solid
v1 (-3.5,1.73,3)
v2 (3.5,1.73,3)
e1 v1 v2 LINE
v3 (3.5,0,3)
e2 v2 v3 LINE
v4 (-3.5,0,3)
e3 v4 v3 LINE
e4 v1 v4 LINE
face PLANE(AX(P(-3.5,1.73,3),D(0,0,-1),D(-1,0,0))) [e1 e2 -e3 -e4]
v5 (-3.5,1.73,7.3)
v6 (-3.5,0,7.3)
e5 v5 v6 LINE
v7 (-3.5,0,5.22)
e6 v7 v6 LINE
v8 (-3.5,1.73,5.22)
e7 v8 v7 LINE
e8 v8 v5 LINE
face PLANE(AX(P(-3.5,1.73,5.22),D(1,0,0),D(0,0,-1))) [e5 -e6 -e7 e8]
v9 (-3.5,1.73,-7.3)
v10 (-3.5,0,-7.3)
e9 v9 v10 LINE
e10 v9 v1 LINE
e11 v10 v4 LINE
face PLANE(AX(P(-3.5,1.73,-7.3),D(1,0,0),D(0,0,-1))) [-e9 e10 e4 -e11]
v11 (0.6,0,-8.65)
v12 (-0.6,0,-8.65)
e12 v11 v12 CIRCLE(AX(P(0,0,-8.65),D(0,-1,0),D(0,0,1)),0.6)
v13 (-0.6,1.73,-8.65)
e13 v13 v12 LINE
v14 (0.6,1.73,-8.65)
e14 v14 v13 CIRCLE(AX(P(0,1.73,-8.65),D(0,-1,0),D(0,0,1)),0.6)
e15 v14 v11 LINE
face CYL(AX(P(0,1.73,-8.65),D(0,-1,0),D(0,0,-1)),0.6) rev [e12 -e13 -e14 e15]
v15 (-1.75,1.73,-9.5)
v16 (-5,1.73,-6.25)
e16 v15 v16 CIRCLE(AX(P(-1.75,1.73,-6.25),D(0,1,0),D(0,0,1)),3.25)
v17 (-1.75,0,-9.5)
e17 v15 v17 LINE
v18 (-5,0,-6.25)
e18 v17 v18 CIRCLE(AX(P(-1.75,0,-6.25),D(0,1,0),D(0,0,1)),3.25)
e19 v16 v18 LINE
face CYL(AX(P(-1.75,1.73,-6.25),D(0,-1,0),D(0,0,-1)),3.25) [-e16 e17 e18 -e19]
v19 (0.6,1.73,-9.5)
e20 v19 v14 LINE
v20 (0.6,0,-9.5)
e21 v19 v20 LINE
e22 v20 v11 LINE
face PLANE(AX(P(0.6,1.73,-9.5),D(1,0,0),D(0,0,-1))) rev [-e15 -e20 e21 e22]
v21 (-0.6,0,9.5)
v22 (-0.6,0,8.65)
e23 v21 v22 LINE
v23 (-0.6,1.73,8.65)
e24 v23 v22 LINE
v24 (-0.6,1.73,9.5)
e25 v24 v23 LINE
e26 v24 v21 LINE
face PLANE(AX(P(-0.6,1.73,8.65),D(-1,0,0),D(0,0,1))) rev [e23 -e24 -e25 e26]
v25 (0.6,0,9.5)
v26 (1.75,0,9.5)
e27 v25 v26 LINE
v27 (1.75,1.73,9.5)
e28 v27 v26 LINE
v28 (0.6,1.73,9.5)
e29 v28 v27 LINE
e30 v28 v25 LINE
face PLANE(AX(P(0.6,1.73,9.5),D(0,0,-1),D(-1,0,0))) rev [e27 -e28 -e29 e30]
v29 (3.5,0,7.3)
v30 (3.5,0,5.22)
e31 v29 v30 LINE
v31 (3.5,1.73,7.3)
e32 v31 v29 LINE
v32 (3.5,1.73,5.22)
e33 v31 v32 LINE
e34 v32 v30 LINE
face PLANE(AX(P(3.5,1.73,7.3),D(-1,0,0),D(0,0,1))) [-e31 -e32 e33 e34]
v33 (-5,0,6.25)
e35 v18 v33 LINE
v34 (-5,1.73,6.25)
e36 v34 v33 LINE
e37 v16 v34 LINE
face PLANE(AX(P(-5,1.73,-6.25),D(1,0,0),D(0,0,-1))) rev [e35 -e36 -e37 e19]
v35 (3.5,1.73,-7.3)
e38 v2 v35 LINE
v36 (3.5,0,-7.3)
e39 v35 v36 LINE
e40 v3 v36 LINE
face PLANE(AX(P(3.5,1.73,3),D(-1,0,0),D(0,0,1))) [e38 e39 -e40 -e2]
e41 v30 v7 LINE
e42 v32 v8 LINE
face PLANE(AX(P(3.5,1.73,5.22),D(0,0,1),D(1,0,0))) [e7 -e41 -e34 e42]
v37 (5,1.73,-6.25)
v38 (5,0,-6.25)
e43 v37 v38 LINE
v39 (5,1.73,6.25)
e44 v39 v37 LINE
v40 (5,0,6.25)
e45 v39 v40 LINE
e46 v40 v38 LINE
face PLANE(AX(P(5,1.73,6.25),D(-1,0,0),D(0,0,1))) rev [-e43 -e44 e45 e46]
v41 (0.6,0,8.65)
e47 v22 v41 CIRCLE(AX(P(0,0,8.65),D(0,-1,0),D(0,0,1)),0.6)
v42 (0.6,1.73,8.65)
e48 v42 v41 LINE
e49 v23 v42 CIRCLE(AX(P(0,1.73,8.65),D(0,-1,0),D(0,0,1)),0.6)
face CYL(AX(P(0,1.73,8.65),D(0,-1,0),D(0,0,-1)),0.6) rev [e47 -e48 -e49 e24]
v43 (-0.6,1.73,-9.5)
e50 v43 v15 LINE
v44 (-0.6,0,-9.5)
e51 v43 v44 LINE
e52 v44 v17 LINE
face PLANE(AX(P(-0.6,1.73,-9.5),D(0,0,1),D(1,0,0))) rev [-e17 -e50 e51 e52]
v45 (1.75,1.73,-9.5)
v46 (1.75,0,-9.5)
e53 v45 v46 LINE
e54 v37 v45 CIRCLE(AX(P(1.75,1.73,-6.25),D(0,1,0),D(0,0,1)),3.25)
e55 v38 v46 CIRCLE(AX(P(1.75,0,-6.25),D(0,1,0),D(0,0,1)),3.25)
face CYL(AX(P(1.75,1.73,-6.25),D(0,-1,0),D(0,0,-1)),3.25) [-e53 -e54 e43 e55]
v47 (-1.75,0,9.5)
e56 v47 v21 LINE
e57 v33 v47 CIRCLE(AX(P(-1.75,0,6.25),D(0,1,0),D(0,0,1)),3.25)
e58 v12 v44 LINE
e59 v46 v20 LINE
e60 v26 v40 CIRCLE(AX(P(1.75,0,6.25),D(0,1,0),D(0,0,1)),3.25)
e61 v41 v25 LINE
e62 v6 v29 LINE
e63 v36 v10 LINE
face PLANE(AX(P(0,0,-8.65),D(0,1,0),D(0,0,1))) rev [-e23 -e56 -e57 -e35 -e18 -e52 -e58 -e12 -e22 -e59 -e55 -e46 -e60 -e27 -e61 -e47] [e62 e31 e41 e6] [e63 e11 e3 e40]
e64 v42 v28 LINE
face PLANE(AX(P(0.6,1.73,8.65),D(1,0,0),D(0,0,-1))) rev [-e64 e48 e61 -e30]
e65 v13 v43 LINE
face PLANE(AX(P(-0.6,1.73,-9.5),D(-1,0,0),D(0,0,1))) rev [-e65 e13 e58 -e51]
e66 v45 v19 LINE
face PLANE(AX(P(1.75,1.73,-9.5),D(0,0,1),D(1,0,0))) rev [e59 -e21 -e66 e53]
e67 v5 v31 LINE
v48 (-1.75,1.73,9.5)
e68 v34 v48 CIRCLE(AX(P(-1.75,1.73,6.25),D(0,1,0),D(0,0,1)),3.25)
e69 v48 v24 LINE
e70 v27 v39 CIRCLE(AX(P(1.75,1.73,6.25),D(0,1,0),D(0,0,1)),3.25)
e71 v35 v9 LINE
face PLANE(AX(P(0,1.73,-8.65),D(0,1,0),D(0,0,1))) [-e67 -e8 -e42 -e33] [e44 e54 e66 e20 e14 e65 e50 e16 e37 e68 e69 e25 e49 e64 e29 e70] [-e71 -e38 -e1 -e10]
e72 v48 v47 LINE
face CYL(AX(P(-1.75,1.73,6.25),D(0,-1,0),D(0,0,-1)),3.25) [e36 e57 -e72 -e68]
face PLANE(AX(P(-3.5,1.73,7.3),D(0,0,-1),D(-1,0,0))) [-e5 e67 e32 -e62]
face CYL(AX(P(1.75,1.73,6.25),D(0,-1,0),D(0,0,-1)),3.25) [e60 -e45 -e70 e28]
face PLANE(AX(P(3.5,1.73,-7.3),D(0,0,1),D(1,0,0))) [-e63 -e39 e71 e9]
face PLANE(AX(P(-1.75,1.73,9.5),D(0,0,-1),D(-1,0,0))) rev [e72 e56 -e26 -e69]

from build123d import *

# Parameters (mm, degrees)
SKETCH2_W           = 7
SKETCH2_H           = 10.3
SKETCH2_H_2         = 2.08
BOSS_EXTRUDE1_DEPTH = 1.73


with BuildPart() as part:
    # Sketch2 → Boss-Extrude1 (new body)
    with BuildSketch(Plane(origin=(0, 0, 0), x_dir=(1, 0, 0), z_dir=(0, 1, 0))):
        with BuildLine():
            Line((-0.6, 9.5), (-1.75, 9.5))
            ThreePointArc((-1.75, 9.5), (-4.048097039, 8.548097039), (-5, 6.25))
            Line((-5, 6.25), (-5, -6.25))
            ThreePointArc((-5, -6.25), (-4.048097039, -8.548097039), (-1.75, -9.5))
            Line((-1.75, -9.5), (-0.6, -9.5))
            Line((-0.6, -9.5), (-0.6, -8.65))
            ThreePointArc((-0.6, -8.65), (0, -8.05), (0.6, -8.65))
            Line((0.6, -8.65), (0.6, -9.5))
            Line((0.6, -9.5), (1.75, -9.5))
            ThreePointArc((1.75, -9.5), (4.048097039, -8.548097039), (5, -6.25))
            Line((5, -6.25), (5, 6.25))
            ThreePointArc((5, 6.25), (4.048097039, 8.548097039), (1.75, 9.5))
            Line((1.75, 9.5), (0.6, 9.5))
            Line((0.6, 9.5), (0.6, 8.65))
            ThreePointArc((0.6, 8.65), (0, 8.05), (-0.6, 8.65))
            Line((-0.6, 8.65), (-0.6, 9.5))
        make_face()
        with Locations((0, 2.15)):
            Rectangle(SKETCH2_W, SKETCH2_H, mode=Mode.SUBTRACT)
        with Locations((0, -6.26)):
            Rectangle(SKETCH2_W, SKETCH2_H_2, mode=Mode.SUBTRACT)
    extrude(amount=BOSS_EXTRUDE1_DEPTH)


solid = part.part
